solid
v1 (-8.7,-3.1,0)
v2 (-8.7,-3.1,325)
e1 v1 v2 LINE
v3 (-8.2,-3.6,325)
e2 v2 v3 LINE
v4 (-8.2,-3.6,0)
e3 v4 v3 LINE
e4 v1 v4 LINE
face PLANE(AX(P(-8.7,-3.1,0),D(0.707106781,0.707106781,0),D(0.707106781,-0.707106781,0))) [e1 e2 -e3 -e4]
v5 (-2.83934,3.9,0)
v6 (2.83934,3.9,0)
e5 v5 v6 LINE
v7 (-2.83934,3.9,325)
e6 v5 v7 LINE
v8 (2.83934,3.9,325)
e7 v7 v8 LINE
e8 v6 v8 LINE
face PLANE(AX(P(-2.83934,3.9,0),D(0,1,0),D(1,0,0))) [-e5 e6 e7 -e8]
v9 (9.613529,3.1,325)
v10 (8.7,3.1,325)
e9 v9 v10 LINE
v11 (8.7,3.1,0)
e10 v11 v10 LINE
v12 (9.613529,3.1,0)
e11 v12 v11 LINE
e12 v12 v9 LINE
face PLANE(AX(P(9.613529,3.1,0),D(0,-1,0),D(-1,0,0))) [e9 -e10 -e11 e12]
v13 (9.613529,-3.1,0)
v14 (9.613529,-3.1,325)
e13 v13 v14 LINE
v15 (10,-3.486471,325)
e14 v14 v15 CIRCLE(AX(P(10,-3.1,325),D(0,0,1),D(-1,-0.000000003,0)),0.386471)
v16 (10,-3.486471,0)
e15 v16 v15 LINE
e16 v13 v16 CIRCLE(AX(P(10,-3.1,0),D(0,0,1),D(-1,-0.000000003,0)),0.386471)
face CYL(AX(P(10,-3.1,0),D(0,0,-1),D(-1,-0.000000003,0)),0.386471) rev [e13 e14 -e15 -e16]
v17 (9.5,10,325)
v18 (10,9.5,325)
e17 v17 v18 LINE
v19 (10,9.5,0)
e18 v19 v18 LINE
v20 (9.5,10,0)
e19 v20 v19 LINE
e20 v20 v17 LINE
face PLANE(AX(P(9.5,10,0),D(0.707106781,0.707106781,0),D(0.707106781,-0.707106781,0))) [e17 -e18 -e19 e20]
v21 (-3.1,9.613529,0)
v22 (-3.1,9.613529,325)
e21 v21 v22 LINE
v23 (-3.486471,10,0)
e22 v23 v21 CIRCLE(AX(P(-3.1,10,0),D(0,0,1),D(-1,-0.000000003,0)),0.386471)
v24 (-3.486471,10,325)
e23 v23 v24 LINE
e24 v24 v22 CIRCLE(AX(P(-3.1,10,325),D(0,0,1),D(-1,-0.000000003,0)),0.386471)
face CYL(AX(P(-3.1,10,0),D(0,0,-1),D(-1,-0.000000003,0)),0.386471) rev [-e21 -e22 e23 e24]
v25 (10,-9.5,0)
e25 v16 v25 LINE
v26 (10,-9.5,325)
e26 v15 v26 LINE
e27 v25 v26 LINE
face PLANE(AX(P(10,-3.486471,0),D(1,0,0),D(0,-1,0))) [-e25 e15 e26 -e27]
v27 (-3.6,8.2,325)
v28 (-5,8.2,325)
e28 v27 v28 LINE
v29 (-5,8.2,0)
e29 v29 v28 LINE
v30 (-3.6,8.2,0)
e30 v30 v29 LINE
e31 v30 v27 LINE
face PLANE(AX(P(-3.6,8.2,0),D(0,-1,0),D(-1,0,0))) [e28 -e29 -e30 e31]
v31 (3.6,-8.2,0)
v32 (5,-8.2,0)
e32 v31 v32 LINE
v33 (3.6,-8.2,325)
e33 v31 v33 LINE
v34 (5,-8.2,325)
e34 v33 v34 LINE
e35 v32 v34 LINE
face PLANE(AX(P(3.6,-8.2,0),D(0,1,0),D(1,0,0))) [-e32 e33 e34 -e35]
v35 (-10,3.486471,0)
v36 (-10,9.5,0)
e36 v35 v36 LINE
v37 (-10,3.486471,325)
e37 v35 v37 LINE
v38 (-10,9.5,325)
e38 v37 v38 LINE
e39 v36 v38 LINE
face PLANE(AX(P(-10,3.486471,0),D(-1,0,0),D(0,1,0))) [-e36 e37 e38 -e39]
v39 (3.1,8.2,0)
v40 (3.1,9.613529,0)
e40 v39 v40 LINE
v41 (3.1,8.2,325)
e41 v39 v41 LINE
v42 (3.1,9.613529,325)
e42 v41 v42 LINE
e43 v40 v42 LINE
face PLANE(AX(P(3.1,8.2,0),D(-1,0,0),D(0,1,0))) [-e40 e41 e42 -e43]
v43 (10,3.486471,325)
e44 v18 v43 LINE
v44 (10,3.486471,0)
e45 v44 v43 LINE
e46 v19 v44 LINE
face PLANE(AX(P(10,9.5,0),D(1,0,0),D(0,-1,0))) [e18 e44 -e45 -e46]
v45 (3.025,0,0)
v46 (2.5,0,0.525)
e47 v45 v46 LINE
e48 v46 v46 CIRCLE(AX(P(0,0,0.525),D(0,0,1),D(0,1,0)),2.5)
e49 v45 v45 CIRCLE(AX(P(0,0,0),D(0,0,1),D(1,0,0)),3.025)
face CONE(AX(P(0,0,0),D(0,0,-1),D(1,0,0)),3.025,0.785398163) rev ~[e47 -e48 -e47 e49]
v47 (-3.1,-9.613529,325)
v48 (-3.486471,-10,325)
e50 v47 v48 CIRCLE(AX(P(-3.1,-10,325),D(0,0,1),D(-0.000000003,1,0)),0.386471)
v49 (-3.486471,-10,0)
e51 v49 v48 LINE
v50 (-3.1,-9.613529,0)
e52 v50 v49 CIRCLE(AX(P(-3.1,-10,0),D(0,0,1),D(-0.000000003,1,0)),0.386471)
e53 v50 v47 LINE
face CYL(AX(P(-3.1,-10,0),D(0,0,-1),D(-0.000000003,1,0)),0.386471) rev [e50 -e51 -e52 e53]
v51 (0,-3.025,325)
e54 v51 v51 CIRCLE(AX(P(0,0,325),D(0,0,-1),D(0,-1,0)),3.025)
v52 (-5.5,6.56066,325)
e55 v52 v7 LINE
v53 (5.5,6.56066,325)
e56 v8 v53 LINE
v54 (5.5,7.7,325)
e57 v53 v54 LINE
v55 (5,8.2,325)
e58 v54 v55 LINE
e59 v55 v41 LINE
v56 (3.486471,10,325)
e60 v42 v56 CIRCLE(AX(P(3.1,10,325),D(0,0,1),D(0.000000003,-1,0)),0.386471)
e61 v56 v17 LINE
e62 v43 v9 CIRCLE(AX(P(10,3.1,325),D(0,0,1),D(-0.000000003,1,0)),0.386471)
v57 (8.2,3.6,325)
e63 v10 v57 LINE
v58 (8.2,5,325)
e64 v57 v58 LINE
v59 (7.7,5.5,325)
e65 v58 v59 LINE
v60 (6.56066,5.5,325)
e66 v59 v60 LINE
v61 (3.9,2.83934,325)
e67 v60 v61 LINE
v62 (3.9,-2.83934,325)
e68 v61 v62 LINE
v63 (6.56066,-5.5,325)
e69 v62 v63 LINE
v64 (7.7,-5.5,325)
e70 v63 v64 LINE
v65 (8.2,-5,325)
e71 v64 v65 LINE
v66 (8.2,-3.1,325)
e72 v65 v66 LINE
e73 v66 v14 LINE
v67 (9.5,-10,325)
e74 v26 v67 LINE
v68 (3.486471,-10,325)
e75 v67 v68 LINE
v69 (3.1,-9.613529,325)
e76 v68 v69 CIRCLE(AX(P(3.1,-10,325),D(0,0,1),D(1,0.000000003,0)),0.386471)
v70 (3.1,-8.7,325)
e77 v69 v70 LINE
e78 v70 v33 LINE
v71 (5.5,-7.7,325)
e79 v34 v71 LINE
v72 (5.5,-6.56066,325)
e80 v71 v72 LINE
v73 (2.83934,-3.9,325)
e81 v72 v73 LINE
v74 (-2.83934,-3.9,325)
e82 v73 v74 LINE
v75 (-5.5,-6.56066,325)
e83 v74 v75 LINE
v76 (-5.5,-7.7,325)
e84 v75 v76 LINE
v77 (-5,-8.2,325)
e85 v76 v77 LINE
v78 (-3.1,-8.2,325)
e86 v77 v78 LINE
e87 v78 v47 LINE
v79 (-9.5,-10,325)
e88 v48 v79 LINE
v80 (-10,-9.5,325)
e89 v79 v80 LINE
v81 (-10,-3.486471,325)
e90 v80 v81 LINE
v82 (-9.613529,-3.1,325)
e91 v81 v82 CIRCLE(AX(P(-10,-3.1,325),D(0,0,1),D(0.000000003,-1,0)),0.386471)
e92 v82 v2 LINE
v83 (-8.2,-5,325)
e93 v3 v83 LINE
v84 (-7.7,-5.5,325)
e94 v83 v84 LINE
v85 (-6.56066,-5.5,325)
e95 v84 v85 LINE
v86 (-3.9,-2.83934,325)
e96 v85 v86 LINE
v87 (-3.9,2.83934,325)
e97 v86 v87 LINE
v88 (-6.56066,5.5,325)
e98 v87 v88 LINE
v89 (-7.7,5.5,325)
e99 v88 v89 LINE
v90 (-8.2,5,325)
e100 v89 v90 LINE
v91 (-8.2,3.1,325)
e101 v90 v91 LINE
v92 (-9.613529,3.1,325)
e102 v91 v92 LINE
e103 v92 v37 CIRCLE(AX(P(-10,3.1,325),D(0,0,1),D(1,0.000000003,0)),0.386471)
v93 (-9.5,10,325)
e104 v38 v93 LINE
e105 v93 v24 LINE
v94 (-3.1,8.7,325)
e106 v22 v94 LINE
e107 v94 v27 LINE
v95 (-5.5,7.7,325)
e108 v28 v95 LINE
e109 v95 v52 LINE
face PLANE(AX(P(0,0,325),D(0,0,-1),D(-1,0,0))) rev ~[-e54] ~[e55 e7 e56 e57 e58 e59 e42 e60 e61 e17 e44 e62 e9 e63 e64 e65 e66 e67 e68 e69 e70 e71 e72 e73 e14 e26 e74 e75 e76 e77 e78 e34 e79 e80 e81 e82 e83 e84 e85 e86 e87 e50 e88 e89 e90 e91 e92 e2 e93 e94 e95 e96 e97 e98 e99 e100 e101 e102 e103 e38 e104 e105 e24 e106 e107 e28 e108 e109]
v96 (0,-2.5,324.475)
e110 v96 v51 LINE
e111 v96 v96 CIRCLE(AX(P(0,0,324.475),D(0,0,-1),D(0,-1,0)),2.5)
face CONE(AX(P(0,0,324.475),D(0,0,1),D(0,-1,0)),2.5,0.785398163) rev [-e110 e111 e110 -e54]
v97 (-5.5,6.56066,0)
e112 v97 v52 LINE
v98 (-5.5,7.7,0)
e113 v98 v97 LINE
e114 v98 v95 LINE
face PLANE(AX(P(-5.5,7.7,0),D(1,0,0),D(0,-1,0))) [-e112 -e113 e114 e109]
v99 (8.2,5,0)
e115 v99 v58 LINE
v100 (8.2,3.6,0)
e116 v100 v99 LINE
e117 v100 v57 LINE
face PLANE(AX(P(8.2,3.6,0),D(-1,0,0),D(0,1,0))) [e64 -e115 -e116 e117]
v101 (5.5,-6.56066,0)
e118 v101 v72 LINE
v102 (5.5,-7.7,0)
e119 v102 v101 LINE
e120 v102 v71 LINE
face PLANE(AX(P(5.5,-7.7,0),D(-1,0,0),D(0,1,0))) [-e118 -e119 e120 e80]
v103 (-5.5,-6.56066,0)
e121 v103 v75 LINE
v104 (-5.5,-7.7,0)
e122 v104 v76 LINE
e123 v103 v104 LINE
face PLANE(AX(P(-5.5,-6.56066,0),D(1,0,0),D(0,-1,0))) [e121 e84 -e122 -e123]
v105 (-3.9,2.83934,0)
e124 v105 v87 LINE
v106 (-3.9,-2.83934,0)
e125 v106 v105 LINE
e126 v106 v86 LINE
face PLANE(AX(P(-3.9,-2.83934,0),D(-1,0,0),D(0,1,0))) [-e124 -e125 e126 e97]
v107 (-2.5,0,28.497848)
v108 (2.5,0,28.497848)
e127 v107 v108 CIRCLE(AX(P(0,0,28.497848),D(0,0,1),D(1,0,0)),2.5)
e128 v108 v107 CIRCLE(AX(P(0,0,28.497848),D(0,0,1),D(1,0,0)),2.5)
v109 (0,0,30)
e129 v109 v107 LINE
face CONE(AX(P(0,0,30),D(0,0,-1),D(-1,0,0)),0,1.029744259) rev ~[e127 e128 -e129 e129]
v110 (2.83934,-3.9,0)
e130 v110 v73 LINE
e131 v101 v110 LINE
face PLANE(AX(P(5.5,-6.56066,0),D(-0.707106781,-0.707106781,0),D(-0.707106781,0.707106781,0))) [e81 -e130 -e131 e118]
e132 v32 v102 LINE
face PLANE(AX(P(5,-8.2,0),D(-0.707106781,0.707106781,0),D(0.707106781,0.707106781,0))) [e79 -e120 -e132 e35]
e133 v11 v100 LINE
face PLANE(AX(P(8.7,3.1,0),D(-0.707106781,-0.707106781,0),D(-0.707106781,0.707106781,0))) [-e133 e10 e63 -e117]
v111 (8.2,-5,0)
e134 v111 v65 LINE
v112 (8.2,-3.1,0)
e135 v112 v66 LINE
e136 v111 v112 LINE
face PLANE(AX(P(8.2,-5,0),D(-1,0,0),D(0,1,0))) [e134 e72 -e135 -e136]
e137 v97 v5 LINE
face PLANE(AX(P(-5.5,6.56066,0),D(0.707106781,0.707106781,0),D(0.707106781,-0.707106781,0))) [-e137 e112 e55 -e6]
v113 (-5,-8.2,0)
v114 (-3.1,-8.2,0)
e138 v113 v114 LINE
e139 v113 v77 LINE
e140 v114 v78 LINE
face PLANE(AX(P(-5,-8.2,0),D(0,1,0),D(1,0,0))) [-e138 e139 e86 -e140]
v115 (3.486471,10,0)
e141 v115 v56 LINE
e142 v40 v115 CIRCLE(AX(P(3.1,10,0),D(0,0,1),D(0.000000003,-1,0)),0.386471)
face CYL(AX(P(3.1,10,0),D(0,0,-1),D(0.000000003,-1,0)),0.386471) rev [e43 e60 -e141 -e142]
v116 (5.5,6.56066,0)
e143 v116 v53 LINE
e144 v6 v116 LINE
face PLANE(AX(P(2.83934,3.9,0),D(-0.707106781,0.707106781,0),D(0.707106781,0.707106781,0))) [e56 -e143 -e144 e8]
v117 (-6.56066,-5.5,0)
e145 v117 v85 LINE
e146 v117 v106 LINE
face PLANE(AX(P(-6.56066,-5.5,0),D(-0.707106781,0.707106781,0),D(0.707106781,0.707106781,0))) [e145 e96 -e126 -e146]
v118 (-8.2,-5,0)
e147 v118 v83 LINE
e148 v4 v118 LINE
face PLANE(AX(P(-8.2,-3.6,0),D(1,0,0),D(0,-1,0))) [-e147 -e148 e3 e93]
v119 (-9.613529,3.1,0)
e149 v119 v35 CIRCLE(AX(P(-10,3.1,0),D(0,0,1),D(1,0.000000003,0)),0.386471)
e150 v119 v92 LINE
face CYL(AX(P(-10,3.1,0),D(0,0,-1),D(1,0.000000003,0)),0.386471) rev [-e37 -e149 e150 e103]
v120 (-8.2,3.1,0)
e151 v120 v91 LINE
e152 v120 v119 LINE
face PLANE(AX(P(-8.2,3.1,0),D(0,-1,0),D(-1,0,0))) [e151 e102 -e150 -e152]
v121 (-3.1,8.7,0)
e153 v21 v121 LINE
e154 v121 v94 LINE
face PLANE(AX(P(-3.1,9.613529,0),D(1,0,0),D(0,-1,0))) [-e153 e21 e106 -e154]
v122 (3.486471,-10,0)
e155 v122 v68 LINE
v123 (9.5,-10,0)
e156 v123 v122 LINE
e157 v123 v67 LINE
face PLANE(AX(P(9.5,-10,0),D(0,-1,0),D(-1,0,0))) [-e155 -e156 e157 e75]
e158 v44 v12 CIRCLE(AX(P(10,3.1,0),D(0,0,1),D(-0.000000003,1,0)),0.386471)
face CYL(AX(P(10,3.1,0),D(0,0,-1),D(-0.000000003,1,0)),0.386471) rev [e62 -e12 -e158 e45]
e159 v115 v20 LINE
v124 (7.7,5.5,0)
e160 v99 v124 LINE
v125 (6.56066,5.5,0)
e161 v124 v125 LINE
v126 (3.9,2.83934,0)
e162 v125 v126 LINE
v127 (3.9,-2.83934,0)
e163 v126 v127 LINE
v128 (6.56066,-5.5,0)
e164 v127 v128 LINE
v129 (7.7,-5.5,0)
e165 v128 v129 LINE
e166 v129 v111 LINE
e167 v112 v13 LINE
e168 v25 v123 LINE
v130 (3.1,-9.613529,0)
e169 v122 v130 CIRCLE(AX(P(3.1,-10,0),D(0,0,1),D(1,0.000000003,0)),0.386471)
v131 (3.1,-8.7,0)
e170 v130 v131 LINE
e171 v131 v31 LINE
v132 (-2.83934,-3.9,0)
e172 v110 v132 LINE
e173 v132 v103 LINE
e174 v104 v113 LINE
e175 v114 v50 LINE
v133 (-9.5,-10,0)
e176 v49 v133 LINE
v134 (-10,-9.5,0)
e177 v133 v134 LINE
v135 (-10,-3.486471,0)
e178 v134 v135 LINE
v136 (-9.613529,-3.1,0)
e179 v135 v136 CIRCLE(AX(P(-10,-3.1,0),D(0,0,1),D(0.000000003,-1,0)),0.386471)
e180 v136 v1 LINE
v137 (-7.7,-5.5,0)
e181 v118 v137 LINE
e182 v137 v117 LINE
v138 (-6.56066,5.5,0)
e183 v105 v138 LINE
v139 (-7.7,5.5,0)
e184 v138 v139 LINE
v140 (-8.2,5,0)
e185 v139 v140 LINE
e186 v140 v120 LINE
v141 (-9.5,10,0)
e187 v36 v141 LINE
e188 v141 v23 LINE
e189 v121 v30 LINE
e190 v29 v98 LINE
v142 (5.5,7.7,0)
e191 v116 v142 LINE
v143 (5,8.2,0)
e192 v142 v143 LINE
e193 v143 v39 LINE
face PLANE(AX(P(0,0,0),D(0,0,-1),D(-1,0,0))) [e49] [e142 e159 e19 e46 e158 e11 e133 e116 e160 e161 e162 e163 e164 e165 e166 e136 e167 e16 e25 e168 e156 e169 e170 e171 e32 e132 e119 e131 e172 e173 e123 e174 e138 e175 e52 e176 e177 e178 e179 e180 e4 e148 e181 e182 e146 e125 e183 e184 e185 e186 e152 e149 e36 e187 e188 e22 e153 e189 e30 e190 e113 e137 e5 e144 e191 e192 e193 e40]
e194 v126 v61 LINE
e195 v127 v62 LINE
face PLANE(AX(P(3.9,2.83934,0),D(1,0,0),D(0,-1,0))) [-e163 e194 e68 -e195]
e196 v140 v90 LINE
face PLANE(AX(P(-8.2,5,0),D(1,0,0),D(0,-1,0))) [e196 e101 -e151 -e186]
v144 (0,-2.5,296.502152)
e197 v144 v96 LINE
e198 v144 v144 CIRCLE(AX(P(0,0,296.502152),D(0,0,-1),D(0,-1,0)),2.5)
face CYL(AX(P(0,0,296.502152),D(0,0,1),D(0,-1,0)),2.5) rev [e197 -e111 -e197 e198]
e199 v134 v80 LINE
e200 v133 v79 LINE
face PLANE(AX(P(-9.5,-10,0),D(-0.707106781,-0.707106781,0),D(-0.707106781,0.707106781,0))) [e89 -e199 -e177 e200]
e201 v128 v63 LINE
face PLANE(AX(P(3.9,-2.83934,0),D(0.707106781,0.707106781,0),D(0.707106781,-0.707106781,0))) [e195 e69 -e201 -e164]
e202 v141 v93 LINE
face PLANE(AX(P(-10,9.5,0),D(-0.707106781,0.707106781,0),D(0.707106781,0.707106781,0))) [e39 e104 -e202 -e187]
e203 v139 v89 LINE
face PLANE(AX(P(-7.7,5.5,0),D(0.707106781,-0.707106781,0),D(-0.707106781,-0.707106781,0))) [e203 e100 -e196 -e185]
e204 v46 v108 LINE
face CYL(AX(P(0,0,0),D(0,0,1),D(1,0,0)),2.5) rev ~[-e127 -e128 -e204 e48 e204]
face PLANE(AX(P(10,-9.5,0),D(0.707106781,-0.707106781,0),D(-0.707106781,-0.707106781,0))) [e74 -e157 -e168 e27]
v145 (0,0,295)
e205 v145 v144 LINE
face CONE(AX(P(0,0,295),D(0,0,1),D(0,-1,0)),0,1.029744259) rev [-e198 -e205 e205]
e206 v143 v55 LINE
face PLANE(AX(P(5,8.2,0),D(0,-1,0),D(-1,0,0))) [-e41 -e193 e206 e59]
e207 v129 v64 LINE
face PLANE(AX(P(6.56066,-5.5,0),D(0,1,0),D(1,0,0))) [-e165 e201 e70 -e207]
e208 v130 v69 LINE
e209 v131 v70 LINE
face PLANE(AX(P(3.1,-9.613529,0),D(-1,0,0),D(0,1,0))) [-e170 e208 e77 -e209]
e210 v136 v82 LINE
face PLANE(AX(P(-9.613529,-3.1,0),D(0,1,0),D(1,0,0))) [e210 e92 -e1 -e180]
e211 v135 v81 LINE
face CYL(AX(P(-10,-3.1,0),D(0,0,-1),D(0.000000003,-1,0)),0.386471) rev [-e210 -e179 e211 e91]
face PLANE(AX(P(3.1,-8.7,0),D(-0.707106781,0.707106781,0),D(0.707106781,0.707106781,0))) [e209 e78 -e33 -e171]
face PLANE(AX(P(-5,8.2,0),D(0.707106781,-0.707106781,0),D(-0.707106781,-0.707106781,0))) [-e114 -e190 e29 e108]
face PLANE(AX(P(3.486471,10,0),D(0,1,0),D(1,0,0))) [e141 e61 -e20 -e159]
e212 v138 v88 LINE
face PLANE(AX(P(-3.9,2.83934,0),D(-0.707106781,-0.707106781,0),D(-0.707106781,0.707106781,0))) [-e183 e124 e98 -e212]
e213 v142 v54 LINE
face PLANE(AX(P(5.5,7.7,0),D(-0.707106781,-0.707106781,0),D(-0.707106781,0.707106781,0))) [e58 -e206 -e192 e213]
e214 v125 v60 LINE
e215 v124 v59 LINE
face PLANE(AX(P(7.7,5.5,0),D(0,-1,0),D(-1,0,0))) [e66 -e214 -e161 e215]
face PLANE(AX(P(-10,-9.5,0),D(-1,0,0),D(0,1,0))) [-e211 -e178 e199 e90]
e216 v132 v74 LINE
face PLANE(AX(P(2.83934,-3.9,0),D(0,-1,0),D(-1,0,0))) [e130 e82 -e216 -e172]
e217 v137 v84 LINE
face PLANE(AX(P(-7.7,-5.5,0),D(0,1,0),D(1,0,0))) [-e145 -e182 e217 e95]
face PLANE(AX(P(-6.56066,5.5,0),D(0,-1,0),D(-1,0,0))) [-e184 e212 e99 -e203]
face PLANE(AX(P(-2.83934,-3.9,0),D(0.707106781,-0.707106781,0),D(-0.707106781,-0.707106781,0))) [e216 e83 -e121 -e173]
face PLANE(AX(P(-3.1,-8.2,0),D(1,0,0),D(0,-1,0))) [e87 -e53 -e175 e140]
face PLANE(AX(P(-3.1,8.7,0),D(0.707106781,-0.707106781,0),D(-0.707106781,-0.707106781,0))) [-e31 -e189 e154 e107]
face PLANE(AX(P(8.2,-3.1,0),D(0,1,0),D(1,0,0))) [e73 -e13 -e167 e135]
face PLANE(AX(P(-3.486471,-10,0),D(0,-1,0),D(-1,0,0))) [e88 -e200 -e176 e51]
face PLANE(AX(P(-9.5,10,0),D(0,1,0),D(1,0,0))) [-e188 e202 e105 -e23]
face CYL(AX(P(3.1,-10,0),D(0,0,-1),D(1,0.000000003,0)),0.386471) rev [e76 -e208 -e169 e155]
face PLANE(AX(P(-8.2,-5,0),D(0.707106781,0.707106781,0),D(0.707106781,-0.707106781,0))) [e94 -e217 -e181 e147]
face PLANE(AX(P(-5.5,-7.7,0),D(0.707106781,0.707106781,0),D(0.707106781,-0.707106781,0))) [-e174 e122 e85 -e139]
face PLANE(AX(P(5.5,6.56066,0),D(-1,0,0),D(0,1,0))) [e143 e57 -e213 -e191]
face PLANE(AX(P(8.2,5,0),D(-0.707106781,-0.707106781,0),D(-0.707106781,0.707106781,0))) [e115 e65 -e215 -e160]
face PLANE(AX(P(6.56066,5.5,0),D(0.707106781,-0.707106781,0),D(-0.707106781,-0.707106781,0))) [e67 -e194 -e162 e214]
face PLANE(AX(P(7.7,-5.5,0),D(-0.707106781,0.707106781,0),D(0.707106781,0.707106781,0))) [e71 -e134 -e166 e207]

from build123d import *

# Parameters (mm, degrees)
BOSS_EXTRUDE1_DEPTH             = 325
M6X1_0_TAPPED_HOLE2_D           = 5
M6X1_0_TAPPED_HOLE2_DEPTH       = 28.497848452
M6X1_0_TAPPED_HOLE2_CSINK_D     = 6.05
M6X1_0_TAPPED_HOLE2_CSINK_ANGLE = 90
M6X1_0_TAPPED_HOLE2_TIP         = 1.502151548


with BuildPart() as part:
    # Sketch1 → Boss-Extrude1 (new body)
    with BuildSketch(Plane.XY):
        with BuildLine():
            Line((-9.5, 10), (-3.486470896, 10))
            ThreePointArc((-3.486470896, 10), (-3.373276191, 9.726723809), (-3.1, 9.613529104))
            Line((-3.1, 9.613529104), (-3.1, 8.7))
            Line((-3.1, 8.7), (-3.6, 8.2))
            Line((-3.6, 8.2), (-5, 8.2))
            Line((-5, 8.2), (-5.5, 7.7))
            Line((-5.5, 7.7), (-5.5, 6.560660172))
            Line((-5.5, 6.560660172), (-2.839339828, 3.9))
            Line((-2.839339828, 3.9), (0, 3.9))
            Line((0, 3.9), (2.839339828, 3.9))
            Line((2.839339828, 3.9), (5.5, 6.560660172))
            Line((5.5, 6.560660172), (5.5, 7.7))
            Line((5.5, 7.7), (5, 8.2))
            Line((5, 8.2), (3.1, 8.2))
            Line((3.1, 8.2), (3.1, 9.613529104))
            ThreePointArc((3.1, 9.613529104), (3.373276191, 9.726723809), (3.486470896, 10))
            Line((3.486470896, 10), (9.5, 10))
            Line((9.5, 10), (10, 9.5))
            Line((10, 9.5), (10, 3.486470896))
            ThreePointArc((10, 3.486470896), (9.726723809, 3.373276191), (9.613529104, 3.1))
            Line((9.613529104, 3.1), (8.7, 3.1))
            Line((8.7, 3.1), (8.2, 3.6))
            Line((8.2, 3.6), (8.2, 5))
            Line((8.2, 5), (7.7, 5.5))
            Line((7.7, 5.5), (6.560660172, 5.5))
            Line((6.560660172, 5.5), (3.9, 2.839339828))
            Line((3.9, 2.839339828), (3.9, 0))
            Line((3.9, 0), (3.9, -2.839339828))
            Line((3.9, -2.839339828), (6.560660172, -5.5))
            Line((6.560660172, -5.5), (7.7, -5.5))
            Line((7.7, -5.5), (8.2, -5))
            Line((8.2, -5), (8.2, -3.1))
            Line((8.2, -3.1), (9.613529104, -3.1))
            ThreePointArc((9.613529104, -3.1), (9.726723809, -3.373276191), (10, -3.486470896))
            Line((10, -3.486470896), (10, -9.5))
            Line((10, -9.5), (9.5, -10))
            Line((9.5, -10), (3.486470896, -10))
            ThreePointArc((3.486470896, -10), (3.373276191, -9.726723809), (3.1, -9.613529104))
            Line((3.1, -9.613529104), (3.1, -8.7))
            Line((3.1, -8.7), (3.6, -8.2))
            Line((3.6, -8.2), (5, -8.2))
            Line((5, -8.2), (5.5, -7.7))
            Line((5.5, -7.7), (5.5, -6.560660172))
            Line((5.5, -6.560660172), (2.839339828, -3.9))
            Line((2.839339828, -3.9), (0, -3.9))
            Line((0, -3.9), (-2.839339828, -3.9))
            Line((-2.839339828, -3.9), (-5.5, -6.560660172))
            Line((-5.5, -6.560660172), (-5.5, -7.7))
            Line((-5.5, -7.7), (-5, -8.2))
            Line((-5, -8.2), (-3.1, -8.2))
            Line((-3.1, -8.2), (-3.1, -9.613529104))
            ThreePointArc((-3.1, -9.613529104), (-3.373276191, -9.726723809), (-3.486470896, -10))
            Line((-3.486470896, -10), (-9.5, -10))
            Line((-9.5, -10), (-10, -9.5))
            Line((-10, -9.5), (-10, -3.486470896))
            ThreePointArc((-10, -3.486470896), (-9.726723809, -3.373276191), (-9.613529104, -3.1))
            Line((-9.613529104, -3.1), (-8.7, -3.1))
            Line((-8.7, -3.1), (-8.2, -3.6))
            Line((-8.2, -3.6), (-8.2, -5))
            Line((-8.2, -5), (-7.7, -5.5))
            Line((-7.7, -5.5), (-6.560660172, -5.5))
            Line((-6.560660172, -5.5), (-3.9, -2.839339828))
            Line((-3.9, -2.839339828), (-3.9, 0))
            Line((-3.9, 0), (-3.9, 2.839339828))
            Line((-3.9, 2.839339828), (-6.560660172, 5.5))
            Line((-6.560660172, 5.5), (-7.7, 5.5))
            Line((-7.7, 5.5), (-8.2, 5))
            Line((-8.2, 5), (-8.2, 3.1))
            Line((-8.2, 3.1), (-9.613529104, 3.1))
            ThreePointArc((-9.613529104, 3.1), (-9.726723809, 3.373276191), (-10, 3.486470896))
            Line((-10, 3.486470896), (-10, 9.5))
            Line((-10, 9.5), (-9.5, 10))
        make_face()
    extrude(amount=BOSS_EXTRUDE1_DEPTH)

    # Sketch2 → M6x1.0 Tapped Hole1 (revolve, cut)
    with BuildSketch(Plane(origin=(0, 0, 325), x_dir=(0, -1, 0), z_dir=(1, 0, 0))):
        Polygon((0, 0), (0, 30), (2.5, 28.497848452), (2.5, 0.525), (3.025, 0), align=None)
    revolve(axis=Axis((0, 0, 331.35), (0, 0, -1)), mode=Mode.SUBTRACT)

    # M6x1.0 Tapped Hole2
    with Locations(Plane(origin=(0, 0, 0), x_dir=(-1, 0, 0), z_dir=(0, 0, -1))):
        with Locations((0, 0)):
            CounterSinkHole(M6X1_0_TAPPED_HOLE2_D / 2, M6X1_0_TAPPED_HOLE2_CSINK_D / 2, depth=M6X1_0_TAPPED_HOLE2_DEPTH, counter_sink_angle=M6X1_0_TAPPED_HOLE2_CSINK_ANGLE)
            with Locations((0, 0, -(M6X1_0_TAPPED_HOLE2_DEPTH + M6X1_0_TAPPED_HOLE2_TIP / 2))):  # 118° drill point
                Cone(0, M6X1_0_TAPPED_HOLE2_D / 2, M6X1_0_TAPPED_HOLE2_TIP, mode=Mode.SUBTRACT)


solid = part.part
